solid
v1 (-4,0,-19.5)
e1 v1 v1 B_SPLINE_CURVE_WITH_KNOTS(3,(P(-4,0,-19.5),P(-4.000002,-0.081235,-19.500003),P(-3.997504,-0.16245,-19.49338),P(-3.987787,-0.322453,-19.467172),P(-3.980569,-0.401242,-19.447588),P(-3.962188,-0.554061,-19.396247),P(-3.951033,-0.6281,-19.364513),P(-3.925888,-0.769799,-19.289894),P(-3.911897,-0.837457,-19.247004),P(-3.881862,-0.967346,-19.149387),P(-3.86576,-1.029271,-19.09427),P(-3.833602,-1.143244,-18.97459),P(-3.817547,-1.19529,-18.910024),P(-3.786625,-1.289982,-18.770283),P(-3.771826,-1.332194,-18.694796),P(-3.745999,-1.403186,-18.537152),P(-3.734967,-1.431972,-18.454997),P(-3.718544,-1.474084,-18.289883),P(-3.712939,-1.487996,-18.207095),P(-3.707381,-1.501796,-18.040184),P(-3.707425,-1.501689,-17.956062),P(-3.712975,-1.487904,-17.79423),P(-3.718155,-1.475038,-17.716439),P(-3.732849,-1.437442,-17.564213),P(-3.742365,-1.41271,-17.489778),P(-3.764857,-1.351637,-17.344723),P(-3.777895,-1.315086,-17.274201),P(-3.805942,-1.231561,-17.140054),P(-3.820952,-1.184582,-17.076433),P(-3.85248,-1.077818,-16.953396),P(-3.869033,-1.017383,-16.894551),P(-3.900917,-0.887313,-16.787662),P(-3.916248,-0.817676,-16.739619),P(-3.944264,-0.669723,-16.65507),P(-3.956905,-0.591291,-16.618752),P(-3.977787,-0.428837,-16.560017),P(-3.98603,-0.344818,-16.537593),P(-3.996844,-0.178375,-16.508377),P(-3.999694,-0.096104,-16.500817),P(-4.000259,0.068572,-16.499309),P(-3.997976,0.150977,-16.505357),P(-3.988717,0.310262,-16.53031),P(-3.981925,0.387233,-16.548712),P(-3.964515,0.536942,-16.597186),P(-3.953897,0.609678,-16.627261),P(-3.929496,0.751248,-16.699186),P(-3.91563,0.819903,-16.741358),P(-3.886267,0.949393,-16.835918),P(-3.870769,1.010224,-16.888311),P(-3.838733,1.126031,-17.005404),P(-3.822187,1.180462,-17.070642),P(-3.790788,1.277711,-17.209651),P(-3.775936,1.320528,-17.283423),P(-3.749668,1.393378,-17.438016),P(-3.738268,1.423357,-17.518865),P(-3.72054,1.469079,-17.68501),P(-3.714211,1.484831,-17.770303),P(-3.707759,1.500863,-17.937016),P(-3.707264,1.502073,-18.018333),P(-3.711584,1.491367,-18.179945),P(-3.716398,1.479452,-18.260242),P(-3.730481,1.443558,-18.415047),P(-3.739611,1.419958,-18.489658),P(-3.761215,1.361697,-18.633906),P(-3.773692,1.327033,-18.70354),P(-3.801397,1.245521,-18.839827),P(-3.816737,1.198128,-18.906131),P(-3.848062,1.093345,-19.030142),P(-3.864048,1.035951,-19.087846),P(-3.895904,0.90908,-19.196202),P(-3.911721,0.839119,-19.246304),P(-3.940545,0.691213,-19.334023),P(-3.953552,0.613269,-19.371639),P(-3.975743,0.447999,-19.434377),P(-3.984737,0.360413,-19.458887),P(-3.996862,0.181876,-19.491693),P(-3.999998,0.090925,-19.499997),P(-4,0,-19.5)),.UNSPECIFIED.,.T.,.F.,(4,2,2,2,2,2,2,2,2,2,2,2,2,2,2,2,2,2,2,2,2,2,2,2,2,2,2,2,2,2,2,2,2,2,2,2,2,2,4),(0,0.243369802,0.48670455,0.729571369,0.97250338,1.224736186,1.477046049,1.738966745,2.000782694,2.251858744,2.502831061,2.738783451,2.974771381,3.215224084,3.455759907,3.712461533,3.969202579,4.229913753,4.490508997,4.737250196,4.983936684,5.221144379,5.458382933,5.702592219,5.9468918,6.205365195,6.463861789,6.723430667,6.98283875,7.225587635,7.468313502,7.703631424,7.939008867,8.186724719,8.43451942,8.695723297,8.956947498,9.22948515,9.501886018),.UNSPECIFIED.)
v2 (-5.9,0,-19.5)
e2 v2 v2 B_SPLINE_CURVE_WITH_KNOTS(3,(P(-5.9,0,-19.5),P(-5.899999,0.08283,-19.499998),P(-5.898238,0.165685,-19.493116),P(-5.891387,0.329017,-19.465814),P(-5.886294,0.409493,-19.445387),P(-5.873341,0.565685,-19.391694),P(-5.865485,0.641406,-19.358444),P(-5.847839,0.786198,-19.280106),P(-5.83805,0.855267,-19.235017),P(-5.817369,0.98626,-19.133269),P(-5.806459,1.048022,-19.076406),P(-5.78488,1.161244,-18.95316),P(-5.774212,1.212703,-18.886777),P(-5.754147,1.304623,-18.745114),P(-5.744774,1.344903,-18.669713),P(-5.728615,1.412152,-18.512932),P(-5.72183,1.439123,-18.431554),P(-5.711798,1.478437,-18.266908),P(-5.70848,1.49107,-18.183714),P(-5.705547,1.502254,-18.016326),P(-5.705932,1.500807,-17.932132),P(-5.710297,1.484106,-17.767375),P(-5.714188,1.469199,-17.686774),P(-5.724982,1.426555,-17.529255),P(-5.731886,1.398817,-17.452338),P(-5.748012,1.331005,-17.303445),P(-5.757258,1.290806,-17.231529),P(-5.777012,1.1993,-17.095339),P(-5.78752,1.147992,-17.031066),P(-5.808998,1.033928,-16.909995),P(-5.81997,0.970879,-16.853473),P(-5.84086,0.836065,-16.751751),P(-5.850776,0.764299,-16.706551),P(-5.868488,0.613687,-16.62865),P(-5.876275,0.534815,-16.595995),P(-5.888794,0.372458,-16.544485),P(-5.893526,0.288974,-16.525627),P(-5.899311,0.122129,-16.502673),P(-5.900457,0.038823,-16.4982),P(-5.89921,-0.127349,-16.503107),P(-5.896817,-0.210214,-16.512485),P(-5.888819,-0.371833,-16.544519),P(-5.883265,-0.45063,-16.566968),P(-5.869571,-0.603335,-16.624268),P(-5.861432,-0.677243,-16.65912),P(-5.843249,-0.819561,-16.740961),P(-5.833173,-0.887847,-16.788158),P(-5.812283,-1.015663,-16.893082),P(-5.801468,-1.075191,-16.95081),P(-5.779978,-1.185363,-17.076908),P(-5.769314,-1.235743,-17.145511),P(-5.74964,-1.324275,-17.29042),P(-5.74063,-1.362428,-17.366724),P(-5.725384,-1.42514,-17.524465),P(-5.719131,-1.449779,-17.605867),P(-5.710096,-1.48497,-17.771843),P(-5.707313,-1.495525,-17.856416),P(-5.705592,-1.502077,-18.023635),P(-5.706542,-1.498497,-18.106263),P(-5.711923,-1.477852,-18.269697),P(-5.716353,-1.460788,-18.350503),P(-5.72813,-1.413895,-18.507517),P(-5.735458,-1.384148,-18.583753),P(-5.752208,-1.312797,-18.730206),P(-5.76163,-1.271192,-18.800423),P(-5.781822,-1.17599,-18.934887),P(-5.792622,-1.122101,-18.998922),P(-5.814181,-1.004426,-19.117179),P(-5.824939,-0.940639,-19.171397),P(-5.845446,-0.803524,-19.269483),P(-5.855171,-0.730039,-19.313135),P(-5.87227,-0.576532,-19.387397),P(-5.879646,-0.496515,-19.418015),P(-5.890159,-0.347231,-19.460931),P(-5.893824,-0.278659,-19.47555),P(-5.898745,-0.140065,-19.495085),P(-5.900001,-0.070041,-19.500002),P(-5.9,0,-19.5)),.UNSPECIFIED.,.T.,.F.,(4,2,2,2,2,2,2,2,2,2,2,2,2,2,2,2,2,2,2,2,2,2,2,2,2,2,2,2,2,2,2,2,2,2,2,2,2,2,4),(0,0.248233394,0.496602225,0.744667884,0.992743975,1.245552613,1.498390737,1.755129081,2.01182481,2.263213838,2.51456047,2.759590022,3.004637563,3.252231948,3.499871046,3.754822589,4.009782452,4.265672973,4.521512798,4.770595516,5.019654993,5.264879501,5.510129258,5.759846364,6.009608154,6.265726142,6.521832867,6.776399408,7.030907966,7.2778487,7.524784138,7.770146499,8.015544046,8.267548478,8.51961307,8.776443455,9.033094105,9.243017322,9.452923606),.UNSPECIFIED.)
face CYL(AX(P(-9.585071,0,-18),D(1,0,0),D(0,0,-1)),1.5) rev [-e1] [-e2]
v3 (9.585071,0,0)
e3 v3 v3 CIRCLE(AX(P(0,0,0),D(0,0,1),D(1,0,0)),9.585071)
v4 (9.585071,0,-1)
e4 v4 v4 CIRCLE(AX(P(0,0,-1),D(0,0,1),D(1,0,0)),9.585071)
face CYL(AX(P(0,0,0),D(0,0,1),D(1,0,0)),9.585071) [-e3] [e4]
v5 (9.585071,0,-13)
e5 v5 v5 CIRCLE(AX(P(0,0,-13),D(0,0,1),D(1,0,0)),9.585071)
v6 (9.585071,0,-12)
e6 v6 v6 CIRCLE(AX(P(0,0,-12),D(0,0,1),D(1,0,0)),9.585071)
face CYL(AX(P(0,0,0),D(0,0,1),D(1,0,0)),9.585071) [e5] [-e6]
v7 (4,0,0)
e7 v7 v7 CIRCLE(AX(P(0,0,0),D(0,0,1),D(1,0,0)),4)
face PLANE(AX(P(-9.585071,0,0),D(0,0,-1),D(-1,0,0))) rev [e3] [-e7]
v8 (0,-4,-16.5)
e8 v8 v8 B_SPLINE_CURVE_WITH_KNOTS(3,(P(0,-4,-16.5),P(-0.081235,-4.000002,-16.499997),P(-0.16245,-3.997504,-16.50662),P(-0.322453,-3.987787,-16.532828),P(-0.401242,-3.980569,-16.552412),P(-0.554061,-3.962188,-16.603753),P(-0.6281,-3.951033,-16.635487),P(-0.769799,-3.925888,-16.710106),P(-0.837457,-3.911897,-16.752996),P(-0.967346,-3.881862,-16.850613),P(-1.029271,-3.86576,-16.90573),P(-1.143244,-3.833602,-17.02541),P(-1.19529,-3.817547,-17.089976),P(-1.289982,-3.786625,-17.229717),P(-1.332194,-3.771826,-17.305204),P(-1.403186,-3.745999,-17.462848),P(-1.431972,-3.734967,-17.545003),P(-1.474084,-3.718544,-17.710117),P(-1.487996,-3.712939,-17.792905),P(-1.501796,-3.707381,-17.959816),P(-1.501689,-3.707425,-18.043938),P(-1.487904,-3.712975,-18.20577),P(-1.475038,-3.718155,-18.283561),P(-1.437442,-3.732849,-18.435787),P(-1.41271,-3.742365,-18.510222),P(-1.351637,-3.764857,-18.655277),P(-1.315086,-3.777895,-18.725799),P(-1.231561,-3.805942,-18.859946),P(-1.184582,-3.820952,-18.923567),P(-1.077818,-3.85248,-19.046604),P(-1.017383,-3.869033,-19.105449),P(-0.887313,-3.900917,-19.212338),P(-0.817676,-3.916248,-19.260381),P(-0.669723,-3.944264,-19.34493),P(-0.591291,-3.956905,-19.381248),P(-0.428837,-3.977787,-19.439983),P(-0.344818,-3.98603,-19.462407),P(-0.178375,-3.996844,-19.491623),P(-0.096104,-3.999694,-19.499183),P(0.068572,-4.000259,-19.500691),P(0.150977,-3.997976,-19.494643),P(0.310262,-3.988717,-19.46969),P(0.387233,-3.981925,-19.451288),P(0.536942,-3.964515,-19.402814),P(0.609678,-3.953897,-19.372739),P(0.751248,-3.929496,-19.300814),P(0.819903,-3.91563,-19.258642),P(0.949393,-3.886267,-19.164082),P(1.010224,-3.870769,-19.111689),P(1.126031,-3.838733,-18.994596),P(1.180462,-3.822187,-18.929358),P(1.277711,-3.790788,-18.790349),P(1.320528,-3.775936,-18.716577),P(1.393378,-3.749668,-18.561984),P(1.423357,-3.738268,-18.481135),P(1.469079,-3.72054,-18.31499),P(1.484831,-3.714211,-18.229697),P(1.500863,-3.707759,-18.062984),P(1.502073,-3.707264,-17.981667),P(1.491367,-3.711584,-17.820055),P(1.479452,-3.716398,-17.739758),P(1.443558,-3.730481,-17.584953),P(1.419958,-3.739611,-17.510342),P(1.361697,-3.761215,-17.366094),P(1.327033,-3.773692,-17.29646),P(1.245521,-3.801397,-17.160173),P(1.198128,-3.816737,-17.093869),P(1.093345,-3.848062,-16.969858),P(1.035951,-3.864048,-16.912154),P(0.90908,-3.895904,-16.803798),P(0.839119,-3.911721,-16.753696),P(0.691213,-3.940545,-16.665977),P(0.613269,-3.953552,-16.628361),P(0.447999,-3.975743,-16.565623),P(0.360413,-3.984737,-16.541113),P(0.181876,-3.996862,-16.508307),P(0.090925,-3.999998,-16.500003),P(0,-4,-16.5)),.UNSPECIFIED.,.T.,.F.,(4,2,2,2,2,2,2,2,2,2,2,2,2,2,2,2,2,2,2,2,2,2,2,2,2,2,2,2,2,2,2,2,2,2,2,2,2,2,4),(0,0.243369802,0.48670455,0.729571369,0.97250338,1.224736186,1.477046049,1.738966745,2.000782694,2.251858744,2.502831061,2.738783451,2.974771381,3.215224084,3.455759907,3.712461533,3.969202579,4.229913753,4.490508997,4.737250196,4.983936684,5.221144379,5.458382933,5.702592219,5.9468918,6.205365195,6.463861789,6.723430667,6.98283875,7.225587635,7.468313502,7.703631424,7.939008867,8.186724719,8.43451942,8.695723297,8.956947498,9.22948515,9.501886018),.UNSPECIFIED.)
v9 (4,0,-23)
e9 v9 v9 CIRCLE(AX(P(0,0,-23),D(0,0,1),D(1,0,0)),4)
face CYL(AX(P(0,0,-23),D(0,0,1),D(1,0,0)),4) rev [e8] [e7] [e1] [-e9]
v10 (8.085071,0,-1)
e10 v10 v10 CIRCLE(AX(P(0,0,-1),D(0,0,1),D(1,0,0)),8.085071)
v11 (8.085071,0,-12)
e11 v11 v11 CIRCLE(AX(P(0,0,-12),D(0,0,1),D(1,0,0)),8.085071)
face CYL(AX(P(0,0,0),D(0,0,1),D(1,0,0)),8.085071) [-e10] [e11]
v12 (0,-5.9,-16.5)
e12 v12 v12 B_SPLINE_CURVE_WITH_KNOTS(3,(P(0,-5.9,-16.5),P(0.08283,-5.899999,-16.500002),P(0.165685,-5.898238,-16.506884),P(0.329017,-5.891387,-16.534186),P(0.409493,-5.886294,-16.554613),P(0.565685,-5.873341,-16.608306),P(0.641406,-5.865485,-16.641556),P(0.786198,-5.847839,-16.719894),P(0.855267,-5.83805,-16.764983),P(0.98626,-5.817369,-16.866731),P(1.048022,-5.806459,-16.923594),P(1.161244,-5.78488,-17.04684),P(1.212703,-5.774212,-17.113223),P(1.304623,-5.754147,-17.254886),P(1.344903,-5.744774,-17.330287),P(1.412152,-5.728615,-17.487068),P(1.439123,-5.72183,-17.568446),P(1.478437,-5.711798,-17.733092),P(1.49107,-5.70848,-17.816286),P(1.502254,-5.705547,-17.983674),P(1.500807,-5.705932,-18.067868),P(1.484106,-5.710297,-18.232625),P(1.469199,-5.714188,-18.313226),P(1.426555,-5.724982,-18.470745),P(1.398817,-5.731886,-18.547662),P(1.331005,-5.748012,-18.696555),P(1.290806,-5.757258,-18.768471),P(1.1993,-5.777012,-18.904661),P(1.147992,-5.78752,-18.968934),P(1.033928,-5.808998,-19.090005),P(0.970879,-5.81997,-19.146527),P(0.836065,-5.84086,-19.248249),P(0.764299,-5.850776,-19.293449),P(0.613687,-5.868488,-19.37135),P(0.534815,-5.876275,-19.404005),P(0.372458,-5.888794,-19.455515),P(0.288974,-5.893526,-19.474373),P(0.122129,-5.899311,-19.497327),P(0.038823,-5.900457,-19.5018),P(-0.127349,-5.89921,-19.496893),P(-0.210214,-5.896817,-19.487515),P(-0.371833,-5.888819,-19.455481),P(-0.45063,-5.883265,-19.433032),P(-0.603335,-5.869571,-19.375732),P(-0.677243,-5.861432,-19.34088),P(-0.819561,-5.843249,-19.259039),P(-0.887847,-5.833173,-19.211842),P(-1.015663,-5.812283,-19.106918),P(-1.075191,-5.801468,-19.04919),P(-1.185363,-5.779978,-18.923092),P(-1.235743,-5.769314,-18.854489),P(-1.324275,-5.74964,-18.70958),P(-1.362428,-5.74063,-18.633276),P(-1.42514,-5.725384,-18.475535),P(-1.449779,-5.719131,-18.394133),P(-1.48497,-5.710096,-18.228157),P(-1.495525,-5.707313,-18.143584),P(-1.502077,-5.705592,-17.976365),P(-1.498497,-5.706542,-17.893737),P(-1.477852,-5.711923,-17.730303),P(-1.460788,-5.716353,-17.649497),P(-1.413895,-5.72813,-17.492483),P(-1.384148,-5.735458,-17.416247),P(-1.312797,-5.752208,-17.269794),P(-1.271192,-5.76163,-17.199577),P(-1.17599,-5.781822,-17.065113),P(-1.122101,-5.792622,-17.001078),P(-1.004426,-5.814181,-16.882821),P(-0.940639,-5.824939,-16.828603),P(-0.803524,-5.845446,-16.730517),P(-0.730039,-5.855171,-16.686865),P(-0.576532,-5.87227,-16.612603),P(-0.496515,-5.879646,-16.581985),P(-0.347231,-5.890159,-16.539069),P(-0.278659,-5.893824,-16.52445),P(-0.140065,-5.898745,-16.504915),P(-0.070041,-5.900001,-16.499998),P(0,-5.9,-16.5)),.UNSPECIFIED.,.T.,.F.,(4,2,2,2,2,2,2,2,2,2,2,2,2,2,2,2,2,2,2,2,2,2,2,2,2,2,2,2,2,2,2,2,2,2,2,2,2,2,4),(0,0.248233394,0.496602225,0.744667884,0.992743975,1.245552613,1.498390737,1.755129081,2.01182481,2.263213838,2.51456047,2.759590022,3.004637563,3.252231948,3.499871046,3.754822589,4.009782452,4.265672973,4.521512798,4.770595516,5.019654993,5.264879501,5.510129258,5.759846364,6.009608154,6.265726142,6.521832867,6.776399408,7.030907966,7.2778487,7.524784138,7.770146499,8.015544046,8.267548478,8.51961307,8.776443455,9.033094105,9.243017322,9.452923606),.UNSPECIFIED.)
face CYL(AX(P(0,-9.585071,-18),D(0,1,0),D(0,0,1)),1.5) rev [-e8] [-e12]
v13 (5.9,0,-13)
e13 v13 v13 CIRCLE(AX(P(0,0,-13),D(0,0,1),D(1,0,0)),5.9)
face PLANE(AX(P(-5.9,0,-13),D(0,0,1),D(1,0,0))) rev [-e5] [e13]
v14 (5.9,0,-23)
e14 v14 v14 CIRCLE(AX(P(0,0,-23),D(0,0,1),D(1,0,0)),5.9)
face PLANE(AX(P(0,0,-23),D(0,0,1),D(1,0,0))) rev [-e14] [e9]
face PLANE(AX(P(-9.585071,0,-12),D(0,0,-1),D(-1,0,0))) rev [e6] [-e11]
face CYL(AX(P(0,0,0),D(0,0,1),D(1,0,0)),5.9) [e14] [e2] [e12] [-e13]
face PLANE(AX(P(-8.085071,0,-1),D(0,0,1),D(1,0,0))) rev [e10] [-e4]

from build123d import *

# Parameters (mm, degrees)
SKETCH2_R          = 4
CUT_EXTRUDE1_DEPTH = 27.697325265
SKETCH3_R          = 1.5
CUT_EXTRUDE2_DEPTH = 27.697325265
SKETCH4_R          = 1.5
CUT_EXTRUDE3_DEPTH = 27.697325352


with BuildPart() as part:
    # Sketch1 → Revolve1 (revolve)
    with BuildSketch(Plane(origin=(0, 0, 0), x_dir=(1, 0, 0), z_dir=(0, 1, 0)), mode=Mode.PRIVATE) as revolve1_sk:
        Polygon((0, 23), (-5.9, 23), (-5.9, 13), (-9.585071109, 13), (-9.585071109, 12), (-8.085071109, 12), (-8.085071109, 1), (-9.585071109, 1), (-9.585071109, 0), (0, 0), align=None)
    revolve(revolve1_sk.sketch.rotate(Axis((0, 0, 0), (0, 0, -1)), 180), axis=Axis((0, 0, 0), (0, 0, -1)))

    # Sketch2 → Cut-Extrude1 (cut, through all)
    with BuildSketch(Plane.XY):
        Circle(SKETCH2_R)
    extrude(amount=-CUT_EXTRUDE1_DEPTH, mode=Mode.SUBTRACT)

    # Sketch3 → Cut-Extrude2 (cut, through all)
    with BuildSketch(Plane(origin=(0, 0, 0), x_dir=(1, 0, 0), z_dir=(0, 1, 0))):
        with Locations(Location((0, 18, 0), (0, 0, 270))):
            Circle(SKETCH3_R)
    extrude(amount=-CUT_EXTRUDE2_DEPTH, mode=Mode.SUBTRACT)

    # Sketch4 → Cut-Extrude3 (cut, through all)
    with BuildSketch(Plane(origin=(0, 0, 0), x_dir=(0, 0, -1), z_dir=(1, 0, 0))):
        with Locations((18, 0)):
            Circle(SKETCH4_R)
    extrude(amount=-CUT_EXTRUDE3_DEPTH, mode=Mode.SUBTRACT)


solid = part.part
